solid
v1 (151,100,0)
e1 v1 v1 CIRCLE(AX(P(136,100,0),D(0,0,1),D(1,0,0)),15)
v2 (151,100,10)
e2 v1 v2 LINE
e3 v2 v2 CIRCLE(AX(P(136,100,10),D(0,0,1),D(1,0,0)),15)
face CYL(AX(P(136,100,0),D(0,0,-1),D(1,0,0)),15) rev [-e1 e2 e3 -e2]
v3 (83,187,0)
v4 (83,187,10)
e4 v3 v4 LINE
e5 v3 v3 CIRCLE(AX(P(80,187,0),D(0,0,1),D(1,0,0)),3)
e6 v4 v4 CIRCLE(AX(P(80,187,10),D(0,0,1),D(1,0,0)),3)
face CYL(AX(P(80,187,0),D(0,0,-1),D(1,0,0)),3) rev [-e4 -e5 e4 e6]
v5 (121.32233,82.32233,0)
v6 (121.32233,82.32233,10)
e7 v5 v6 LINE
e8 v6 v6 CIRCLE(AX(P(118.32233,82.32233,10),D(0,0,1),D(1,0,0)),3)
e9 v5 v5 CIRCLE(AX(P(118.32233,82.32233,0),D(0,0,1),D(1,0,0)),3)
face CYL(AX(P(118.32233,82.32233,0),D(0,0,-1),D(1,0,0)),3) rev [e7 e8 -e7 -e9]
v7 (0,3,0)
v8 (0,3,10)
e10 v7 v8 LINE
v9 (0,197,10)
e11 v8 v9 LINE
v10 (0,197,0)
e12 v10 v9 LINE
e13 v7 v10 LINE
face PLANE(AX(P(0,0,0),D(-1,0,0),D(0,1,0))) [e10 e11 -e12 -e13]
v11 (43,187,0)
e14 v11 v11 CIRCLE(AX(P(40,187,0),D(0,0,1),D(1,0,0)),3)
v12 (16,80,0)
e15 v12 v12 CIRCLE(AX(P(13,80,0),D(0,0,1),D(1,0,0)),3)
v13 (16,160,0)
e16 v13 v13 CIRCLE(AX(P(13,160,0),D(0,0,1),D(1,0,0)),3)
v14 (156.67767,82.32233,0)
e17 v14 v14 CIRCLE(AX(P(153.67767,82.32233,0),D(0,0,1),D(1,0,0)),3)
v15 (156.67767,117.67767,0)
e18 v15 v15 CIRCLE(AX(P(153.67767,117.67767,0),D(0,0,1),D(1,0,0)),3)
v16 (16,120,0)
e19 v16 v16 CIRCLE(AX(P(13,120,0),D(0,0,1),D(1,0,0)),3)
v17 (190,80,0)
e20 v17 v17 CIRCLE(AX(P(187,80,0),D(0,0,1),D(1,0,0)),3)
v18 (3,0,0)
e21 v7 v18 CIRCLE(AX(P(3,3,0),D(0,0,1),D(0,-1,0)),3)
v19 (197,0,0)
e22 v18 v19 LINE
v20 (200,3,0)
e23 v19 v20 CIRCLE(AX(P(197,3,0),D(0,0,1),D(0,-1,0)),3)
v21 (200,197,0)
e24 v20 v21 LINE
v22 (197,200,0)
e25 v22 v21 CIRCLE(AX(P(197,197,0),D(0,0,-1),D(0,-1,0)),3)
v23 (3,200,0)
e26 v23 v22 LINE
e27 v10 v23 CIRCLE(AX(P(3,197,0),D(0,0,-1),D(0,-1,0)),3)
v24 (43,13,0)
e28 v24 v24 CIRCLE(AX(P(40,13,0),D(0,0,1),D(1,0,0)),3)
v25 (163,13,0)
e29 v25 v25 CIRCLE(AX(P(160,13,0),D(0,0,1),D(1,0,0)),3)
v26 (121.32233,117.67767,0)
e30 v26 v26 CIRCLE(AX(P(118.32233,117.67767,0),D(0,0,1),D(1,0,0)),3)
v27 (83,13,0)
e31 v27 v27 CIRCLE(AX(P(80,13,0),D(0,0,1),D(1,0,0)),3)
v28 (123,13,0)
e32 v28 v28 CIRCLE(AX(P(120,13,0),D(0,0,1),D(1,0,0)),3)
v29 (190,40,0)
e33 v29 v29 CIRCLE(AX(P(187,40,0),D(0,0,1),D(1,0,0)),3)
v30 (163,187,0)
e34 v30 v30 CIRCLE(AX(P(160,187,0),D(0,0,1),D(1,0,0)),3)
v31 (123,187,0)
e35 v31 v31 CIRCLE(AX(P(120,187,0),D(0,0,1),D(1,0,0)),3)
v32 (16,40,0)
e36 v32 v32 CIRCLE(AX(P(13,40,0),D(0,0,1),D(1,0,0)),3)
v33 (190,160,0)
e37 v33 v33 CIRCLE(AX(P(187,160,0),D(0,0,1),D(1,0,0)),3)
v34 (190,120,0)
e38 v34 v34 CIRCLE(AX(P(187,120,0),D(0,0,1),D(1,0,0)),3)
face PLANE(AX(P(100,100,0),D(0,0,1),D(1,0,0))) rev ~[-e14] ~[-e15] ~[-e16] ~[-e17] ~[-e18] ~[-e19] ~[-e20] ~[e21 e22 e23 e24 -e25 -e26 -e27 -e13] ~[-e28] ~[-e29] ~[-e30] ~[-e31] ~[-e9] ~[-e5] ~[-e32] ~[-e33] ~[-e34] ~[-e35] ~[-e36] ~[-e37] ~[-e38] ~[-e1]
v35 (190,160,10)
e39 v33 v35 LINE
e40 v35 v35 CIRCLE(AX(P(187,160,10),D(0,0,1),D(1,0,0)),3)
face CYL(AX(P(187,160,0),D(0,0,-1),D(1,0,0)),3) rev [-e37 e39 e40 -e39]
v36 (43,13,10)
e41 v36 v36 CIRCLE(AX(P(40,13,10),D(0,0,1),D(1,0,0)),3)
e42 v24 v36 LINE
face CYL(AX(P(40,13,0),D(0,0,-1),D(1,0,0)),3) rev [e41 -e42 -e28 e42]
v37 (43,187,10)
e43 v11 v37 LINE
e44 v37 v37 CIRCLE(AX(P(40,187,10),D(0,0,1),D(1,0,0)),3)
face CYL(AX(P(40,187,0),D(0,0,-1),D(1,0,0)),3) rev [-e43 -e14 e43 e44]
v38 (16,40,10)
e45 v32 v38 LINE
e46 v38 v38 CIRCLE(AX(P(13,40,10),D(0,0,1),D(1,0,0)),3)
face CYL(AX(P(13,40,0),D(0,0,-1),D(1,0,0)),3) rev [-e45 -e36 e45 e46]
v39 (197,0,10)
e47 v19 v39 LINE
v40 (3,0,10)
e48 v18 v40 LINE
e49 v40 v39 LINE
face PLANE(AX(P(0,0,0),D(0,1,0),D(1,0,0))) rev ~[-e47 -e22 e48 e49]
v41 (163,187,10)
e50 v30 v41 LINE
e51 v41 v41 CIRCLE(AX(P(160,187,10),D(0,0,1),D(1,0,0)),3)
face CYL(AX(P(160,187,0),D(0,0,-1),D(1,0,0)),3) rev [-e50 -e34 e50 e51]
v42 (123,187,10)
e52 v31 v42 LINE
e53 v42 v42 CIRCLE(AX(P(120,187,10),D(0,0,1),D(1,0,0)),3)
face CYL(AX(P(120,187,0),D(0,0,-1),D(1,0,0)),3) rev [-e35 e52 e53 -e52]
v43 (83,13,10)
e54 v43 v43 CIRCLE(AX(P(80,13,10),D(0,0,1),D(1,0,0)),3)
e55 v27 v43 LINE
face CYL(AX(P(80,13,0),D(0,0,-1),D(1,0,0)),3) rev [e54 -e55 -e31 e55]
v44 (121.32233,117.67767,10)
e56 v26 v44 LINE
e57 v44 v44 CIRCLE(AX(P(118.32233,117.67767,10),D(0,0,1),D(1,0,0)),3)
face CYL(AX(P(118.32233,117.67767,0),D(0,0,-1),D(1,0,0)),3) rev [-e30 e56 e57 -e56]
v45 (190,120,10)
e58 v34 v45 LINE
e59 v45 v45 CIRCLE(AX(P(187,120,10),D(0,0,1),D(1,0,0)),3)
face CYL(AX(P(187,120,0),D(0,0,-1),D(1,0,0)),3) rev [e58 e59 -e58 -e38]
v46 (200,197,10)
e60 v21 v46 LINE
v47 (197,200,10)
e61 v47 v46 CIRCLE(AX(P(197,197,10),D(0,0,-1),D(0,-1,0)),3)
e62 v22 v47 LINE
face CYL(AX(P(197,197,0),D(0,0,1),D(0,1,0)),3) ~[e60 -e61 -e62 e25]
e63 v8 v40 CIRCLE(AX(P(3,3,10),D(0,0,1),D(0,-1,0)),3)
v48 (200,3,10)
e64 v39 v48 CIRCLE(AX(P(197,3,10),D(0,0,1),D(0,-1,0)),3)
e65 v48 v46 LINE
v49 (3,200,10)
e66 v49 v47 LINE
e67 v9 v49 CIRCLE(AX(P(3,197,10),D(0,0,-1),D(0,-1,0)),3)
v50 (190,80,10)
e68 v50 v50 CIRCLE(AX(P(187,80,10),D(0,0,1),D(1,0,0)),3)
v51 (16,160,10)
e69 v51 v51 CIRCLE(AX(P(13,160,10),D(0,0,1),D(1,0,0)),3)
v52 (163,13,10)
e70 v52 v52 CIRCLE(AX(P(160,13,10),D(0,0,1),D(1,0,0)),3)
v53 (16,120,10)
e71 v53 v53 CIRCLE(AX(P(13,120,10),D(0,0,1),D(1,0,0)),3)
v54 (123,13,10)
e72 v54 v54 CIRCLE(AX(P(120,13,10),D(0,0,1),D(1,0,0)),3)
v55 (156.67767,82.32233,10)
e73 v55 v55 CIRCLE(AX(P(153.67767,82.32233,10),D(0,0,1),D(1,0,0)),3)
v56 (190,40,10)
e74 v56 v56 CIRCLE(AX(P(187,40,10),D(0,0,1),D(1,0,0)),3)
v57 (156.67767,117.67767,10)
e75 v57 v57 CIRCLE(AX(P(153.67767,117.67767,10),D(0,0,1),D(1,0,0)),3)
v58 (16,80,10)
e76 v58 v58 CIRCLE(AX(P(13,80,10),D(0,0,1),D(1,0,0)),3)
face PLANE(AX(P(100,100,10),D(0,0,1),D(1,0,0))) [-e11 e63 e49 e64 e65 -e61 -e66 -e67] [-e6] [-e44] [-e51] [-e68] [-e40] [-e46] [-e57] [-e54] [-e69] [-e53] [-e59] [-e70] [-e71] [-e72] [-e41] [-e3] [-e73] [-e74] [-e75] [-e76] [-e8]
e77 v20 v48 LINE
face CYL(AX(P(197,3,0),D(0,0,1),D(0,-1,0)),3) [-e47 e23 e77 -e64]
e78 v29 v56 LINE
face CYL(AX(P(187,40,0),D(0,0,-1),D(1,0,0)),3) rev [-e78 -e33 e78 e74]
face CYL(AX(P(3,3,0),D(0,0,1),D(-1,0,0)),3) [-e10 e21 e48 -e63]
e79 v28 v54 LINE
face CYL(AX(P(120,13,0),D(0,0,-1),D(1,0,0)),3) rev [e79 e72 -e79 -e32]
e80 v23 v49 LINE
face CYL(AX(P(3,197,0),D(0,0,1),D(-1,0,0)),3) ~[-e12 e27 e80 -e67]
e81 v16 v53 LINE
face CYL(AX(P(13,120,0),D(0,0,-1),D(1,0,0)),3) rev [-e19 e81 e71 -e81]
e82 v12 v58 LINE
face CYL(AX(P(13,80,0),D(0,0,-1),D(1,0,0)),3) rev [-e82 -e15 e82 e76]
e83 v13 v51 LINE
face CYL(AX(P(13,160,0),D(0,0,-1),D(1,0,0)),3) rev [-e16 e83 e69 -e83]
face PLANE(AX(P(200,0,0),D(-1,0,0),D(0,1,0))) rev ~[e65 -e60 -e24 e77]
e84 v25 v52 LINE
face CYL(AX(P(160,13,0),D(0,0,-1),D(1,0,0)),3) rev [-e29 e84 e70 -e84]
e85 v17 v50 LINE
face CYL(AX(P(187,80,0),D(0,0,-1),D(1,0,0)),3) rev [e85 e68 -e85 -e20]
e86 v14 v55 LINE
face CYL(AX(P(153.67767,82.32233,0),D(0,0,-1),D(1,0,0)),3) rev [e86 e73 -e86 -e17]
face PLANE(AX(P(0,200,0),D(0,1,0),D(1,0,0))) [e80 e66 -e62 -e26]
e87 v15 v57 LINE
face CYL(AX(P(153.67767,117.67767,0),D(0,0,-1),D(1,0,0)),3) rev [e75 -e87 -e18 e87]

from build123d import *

# Parameters (mm, degrees)
SKETCH_W   = 200
SKETCH_H   = 200
SKETCH_R   = 15
SKETCH_R_2 = 3
PAD_DEPTH  = 10
FILLET_R   = 3


with BuildPart() as part:
    # Sketch → Pad (new body)
    with BuildSketch(Plane.XY):
        with Locations((100, 100)):
            Rectangle(SKETCH_W, SKETCH_H)
        with Locations((136, 100)):
            Circle(SKETCH_R, mode=Mode.SUBTRACT)
        with Locations((118.32233, 117.67767)):
            Circle(SKETCH_R_2, mode=Mode.SUBTRACT)
        with Locations((153.67767, 117.67767)):
            Circle(SKETCH_R_2, mode=Mode.SUBTRACT)
        with Locations((118.32233, 82.32233)):
            Circle(SKETCH_R_2, mode=Mode.SUBTRACT)
        with Locations((153.67767, 82.32233)):
            Circle(SKETCH_R_2, mode=Mode.SUBTRACT)
        with Locations((40, 13)):
            Circle(SKETCH_R_2, mode=Mode.SUBTRACT)
        with Locations((160, 13)):
            Circle(SKETCH_R_2, mode=Mode.SUBTRACT)
        with Locations((80, 13)):
            Circle(SKETCH_R_2, mode=Mode.SUBTRACT)
        with Locations((120, 13)):
            Circle(SKETCH_R_2, mode=Mode.SUBTRACT)
        with Locations((40, 187)):
            Circle(SKETCH_R_2, mode=Mode.SUBTRACT)
        with Locations((80, 187)):
            Circle(SKETCH_R_2, mode=Mode.SUBTRACT)
        with Locations((120, 187)):
            Circle(SKETCH_R_2, mode=Mode.SUBTRACT)
        with Locations((160, 187)):
            Circle(SKETCH_R_2, mode=Mode.SUBTRACT)
        with Locations((13, 160)):
            Circle(SKETCH_R_2, mode=Mode.SUBTRACT)
        with Locations((13, 120)):
            Circle(SKETCH_R_2, mode=Mode.SUBTRACT)
        with Locations((13, 80)):
            Circle(SKETCH_R_2, mode=Mode.SUBTRACT)
        with Locations((13, 40)):
            Circle(SKETCH_R_2, mode=Mode.SUBTRACT)
        with Locations((187, 160)):
            Circle(SKETCH_R_2, mode=Mode.SUBTRACT)
        with Locations((187, 120)):
            Circle(SKETCH_R_2, mode=Mode.SUBTRACT)
        with Locations((187, 80)):
            Circle(SKETCH_R_2, mode=Mode.SUBTRACT)
        with Locations((187, 40)):
            Circle(SKETCH_R_2, mode=Mode.SUBTRACT)
    extrude(amount=PAD_DEPTH)

    # Fillet
    fillet_edges = [part.edges().sort_by_distance(p)[0] for p in [
        (0, 0, 5),
        (200, 0, 5),
        (0, 200, 5),
        (200, 200, 5),
    ]]
    fillet(fillet_edges, radius=FILLET_R)


solid = part.part
